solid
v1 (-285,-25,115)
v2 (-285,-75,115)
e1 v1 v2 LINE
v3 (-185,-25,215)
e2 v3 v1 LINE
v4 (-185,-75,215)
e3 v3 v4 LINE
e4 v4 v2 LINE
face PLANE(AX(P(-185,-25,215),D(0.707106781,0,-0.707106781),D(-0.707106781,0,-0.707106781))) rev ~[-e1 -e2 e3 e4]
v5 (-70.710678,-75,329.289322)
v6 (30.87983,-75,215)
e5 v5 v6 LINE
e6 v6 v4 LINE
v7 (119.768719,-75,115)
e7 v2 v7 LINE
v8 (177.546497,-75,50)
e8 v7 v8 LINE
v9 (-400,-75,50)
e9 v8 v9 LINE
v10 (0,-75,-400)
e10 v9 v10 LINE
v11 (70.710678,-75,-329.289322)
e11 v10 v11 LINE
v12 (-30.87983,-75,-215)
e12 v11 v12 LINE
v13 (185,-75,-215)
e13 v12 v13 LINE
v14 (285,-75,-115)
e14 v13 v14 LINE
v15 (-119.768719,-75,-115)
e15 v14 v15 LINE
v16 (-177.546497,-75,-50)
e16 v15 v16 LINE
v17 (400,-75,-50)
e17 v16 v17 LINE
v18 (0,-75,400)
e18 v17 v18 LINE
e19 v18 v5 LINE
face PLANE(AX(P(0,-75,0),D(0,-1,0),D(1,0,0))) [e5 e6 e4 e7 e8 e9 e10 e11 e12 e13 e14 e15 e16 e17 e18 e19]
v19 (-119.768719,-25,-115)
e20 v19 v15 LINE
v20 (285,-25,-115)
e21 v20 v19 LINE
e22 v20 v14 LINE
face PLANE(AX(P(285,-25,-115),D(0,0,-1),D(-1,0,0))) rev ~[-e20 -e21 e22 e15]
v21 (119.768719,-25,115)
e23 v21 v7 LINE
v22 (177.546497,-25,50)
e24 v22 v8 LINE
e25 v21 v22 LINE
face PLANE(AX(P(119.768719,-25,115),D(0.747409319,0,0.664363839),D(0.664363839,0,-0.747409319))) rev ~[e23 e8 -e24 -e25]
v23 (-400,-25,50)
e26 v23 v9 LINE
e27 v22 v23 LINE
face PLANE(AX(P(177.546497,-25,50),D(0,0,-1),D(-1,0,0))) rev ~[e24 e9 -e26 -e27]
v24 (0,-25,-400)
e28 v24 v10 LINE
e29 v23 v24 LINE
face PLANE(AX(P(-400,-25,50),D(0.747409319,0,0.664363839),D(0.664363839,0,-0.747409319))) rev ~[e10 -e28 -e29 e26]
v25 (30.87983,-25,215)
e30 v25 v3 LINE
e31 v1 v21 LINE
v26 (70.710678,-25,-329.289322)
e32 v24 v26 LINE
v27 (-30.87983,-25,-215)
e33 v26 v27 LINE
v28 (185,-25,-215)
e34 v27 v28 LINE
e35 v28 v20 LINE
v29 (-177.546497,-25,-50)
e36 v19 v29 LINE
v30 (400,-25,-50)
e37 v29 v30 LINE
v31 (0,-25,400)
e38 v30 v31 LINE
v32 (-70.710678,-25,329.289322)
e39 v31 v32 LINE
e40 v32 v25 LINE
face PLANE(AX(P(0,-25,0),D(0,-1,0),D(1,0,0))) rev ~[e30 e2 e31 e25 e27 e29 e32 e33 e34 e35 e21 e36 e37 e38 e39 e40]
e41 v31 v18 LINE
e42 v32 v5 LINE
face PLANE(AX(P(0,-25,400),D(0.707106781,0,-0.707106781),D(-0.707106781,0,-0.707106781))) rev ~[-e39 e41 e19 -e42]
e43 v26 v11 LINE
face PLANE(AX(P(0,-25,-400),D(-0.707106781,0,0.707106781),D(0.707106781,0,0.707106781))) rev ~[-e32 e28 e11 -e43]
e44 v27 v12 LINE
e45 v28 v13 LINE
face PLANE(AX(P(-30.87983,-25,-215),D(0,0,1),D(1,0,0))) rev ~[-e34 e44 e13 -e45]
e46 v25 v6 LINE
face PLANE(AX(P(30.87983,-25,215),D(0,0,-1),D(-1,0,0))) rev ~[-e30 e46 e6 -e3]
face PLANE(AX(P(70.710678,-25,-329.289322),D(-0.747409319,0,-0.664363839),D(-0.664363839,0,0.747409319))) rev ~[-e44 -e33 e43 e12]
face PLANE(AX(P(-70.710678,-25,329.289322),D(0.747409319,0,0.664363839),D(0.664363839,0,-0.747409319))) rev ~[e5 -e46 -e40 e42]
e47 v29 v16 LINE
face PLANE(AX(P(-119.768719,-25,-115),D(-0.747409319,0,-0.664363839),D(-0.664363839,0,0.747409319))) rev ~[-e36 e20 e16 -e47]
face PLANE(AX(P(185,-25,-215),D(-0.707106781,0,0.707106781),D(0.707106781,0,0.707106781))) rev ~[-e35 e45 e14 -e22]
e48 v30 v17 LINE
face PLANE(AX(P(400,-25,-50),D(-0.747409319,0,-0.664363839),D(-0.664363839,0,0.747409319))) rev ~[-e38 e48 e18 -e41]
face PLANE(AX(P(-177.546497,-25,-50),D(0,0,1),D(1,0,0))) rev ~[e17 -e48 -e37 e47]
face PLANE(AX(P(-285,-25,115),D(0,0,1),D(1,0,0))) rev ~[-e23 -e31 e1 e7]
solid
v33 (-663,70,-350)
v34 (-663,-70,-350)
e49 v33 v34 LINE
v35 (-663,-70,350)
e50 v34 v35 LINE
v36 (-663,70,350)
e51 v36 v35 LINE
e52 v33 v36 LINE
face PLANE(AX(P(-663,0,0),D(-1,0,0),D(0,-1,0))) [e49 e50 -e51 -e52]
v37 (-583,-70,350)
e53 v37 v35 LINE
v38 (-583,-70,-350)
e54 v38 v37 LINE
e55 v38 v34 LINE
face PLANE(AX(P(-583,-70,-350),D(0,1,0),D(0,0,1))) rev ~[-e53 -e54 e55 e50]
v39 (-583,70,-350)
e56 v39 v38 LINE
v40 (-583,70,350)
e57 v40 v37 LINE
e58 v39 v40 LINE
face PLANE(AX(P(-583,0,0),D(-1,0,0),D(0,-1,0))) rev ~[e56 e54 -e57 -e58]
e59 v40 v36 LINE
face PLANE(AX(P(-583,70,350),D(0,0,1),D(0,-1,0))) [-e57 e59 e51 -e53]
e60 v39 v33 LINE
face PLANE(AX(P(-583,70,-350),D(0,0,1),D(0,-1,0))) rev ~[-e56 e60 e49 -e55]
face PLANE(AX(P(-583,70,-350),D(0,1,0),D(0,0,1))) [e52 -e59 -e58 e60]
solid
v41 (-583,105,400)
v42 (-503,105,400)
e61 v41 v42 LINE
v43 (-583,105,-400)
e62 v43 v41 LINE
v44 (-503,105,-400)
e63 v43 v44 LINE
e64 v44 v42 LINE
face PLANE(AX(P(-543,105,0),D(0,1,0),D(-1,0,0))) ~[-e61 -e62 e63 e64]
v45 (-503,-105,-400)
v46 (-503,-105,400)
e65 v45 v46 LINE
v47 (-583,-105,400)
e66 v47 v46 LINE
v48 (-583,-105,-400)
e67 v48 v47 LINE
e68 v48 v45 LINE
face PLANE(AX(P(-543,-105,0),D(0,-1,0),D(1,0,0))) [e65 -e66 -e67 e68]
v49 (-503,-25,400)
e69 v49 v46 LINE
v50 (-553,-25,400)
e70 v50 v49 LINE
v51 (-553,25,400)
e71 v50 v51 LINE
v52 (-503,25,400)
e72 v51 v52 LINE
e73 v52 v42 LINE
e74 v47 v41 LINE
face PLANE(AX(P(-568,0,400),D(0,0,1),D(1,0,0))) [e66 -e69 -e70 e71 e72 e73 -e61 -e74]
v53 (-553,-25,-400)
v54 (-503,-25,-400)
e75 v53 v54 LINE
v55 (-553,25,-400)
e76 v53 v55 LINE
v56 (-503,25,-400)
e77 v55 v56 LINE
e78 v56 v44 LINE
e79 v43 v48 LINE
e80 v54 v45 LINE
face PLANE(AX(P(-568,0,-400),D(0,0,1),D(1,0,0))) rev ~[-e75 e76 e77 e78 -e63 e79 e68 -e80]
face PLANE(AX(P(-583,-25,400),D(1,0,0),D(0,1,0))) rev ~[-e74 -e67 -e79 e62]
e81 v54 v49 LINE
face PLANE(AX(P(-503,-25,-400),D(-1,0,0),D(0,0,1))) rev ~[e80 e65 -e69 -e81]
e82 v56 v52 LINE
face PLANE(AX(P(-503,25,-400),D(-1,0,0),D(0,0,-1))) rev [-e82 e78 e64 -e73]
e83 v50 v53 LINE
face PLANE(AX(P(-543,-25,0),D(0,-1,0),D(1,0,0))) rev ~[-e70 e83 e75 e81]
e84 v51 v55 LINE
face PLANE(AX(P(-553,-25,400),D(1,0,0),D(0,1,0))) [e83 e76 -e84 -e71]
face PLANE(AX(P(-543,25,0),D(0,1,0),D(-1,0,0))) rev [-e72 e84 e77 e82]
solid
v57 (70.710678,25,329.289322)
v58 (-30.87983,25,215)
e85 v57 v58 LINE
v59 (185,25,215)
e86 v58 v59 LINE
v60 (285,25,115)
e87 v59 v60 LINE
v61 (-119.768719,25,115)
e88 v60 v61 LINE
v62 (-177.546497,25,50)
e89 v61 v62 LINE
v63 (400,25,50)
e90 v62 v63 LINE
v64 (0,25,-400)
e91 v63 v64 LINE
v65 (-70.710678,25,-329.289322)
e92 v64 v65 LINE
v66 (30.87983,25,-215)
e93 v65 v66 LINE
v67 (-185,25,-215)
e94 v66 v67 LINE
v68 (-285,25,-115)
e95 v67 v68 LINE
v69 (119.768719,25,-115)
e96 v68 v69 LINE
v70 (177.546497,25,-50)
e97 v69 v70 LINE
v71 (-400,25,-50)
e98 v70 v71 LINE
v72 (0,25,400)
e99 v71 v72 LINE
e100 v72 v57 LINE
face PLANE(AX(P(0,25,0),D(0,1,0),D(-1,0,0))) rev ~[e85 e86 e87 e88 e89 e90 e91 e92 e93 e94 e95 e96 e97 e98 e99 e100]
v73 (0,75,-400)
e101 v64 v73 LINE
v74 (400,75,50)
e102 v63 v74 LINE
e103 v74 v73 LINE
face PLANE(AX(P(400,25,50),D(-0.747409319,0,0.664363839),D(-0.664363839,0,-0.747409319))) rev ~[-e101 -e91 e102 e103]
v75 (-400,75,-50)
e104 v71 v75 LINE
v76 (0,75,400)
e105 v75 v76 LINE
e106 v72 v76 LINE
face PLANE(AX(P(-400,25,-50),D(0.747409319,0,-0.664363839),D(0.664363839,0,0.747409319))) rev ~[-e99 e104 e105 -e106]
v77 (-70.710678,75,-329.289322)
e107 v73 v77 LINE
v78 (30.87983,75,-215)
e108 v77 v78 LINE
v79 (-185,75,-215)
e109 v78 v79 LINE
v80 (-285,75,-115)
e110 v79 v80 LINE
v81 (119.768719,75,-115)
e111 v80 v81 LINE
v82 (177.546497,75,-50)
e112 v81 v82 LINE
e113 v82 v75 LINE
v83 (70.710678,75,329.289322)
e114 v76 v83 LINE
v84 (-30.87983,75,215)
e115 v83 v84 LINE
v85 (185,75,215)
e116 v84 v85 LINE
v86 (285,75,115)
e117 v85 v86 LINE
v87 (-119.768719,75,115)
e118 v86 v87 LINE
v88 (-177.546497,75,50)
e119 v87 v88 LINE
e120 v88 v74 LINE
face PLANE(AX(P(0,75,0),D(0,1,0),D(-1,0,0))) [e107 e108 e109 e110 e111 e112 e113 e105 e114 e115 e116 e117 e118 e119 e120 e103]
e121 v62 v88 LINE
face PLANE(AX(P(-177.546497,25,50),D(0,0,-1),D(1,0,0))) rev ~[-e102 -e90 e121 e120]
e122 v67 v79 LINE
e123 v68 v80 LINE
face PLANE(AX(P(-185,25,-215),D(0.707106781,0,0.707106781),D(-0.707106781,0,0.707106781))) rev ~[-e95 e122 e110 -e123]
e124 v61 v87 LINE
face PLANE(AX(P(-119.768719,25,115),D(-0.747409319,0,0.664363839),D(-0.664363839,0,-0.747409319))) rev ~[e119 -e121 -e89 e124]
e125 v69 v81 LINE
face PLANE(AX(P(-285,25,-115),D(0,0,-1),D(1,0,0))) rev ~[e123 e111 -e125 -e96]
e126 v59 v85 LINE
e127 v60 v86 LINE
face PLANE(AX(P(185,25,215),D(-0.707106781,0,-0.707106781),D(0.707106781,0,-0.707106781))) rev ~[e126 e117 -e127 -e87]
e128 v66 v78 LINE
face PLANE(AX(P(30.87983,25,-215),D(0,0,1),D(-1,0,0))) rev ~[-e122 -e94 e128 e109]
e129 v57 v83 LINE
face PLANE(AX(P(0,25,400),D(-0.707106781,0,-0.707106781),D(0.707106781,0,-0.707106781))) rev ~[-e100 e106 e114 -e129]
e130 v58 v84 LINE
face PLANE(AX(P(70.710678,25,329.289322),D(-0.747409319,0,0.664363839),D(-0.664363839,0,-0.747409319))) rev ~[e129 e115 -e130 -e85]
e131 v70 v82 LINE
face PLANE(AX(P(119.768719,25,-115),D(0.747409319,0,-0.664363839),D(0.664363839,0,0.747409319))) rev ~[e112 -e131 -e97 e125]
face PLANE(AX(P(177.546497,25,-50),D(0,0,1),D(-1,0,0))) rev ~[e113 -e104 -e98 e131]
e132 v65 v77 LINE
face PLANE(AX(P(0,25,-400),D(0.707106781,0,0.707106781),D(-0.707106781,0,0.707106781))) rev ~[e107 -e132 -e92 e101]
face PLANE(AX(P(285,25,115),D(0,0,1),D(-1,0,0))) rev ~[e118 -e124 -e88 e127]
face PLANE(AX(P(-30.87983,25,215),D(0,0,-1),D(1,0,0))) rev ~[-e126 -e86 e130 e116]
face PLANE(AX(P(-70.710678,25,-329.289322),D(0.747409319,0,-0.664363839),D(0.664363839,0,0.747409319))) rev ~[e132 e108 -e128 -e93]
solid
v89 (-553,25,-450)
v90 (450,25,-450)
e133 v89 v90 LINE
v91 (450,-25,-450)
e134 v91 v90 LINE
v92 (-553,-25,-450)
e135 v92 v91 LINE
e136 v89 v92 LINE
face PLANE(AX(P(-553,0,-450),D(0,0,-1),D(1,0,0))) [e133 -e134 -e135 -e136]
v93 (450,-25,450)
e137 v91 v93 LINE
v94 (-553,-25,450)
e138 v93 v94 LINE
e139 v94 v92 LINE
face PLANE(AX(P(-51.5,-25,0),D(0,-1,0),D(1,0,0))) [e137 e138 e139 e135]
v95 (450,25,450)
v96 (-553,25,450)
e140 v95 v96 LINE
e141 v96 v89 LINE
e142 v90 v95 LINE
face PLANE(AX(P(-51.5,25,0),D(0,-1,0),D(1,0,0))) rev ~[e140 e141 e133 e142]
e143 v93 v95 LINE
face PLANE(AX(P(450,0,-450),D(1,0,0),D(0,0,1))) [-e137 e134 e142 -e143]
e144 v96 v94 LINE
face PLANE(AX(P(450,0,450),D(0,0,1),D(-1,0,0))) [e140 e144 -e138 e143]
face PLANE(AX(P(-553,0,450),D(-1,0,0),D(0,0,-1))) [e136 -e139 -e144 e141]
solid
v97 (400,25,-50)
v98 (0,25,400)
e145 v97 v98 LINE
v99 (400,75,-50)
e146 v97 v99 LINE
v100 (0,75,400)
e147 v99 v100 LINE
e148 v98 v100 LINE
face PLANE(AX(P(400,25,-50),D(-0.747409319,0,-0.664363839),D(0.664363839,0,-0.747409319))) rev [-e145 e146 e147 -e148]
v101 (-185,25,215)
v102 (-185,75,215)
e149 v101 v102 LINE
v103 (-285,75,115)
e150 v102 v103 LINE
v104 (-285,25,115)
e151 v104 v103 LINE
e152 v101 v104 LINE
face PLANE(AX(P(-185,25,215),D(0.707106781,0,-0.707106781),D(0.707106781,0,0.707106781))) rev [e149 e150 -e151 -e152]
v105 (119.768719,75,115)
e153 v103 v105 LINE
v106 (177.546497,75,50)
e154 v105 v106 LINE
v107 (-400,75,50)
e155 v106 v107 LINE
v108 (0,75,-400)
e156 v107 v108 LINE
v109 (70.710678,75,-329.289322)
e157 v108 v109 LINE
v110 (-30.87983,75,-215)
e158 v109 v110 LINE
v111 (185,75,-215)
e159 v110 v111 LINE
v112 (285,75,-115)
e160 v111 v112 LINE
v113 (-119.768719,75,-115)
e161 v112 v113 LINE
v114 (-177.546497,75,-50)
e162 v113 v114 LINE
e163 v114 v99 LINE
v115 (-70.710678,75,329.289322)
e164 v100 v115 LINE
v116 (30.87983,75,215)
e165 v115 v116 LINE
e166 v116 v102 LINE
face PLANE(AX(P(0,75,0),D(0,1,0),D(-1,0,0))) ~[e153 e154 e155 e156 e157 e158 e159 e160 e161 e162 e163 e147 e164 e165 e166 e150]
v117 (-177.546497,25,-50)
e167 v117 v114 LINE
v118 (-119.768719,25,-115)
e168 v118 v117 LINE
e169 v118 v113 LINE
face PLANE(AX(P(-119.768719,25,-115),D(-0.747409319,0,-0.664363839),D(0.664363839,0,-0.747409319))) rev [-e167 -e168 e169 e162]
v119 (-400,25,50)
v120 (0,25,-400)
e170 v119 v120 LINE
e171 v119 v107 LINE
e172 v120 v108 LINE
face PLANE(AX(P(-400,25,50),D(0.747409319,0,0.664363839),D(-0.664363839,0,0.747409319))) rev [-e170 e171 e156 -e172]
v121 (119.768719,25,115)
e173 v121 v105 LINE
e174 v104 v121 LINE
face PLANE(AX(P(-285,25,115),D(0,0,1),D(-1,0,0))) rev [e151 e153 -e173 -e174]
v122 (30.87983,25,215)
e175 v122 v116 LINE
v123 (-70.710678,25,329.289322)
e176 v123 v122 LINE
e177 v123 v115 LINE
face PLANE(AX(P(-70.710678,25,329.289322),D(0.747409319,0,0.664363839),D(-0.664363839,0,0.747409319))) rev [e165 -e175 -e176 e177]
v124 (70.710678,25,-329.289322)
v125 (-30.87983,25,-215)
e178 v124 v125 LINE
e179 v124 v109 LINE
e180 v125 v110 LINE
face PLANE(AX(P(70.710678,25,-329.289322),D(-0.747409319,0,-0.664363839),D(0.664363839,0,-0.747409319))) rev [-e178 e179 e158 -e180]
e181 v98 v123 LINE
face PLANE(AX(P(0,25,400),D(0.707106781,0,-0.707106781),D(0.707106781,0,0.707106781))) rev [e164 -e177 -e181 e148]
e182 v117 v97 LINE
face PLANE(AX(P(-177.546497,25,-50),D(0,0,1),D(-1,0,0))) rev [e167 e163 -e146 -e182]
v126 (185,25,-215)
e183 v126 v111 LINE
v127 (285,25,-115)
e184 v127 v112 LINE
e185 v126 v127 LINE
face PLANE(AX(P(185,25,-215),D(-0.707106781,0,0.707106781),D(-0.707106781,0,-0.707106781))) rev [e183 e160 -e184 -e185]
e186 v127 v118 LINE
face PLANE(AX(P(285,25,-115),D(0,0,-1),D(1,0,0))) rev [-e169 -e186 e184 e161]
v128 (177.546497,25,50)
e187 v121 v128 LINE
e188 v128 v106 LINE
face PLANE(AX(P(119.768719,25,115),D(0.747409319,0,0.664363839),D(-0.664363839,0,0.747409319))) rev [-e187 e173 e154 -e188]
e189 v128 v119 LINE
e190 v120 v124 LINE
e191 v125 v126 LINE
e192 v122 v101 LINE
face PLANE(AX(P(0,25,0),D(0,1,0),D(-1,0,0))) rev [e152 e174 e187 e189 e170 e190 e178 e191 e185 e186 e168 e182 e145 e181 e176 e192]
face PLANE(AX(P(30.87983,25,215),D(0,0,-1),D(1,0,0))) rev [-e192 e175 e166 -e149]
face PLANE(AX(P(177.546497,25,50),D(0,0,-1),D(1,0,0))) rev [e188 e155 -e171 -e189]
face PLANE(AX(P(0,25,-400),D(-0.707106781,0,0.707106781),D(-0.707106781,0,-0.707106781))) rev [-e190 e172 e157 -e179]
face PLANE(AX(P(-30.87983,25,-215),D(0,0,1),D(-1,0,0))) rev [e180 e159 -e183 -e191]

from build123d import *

# Parameters (mm, degrees)
F1_DEPTH  = 25
F2_W      = 80
F2_H      = 800
F3_DEPTH  = 80
F5_W      = 30
F5_H      = 50
F6_DEPTH  = 800
F8_DEPTH  = 50
F11_W     = 140
F11_H     = 700
F12_DEPTH = 80


with BuildPart() as f1:
    # F0 (on Front) → F1 (new body, symmetric)
    with BuildSketch(Plane.XZ):
        Polygon((450, 450), (-450, 450), (-553, 450), (-553, -450), (-450, -450), (450, -450), align=None)
    extrude(amount=F1_DEPTH, both=True)


with BuildPart() as f3:
    # F2 (on face) → F3 (new body)
    with BuildSketch(Plane.XZ.offset(25)):
        with Locations((-543, 0)):
            Rectangle(F2_W, F2_H)
    extrude(amount=F3_DEPTH)


with BuildPart() as f4_1:
    # F4: instance of F3
    add(f3.part.mirror(Plane.XZ))


with BuildPart() as f3_1:
    add(f3.part)

    add(f4_1.part)  # F6 merges F4_1
    # F5 (on face) → F6 (join, through all)
    with BuildSketch(Plane.XY.offset(400)):
        with Locations((-568, 0)):
            Rectangle(F5_W, F5_H)
    extrude(amount=-F6_DEPTH)


with BuildPart() as f8:
    # F7 (on face) → F8 (new body)
    with BuildSketch(Plane.XZ.offset(25)):
        Polygon((-400, 50), (0, -400), (70.7106781187, -329.2893218813), (-30.8798302203, -215), (185, -215), (285, -115), (-119.7687191092, -115), (-177.546496887, -50), (400, -50), (0, 400), (-70.7106781187, 329.2893218813), (30.8798302203, 215), (-185, 215), (-285, 115), (119.7687191092, 115), (177.546496887, 50), align=None)
    extrude(amount=F8_DEPTH)


with BuildPart() as f9_1:
    # F9: instance of F8
    add(f8.part.mirror(Plane.XZ))


with BuildPart() as f10_1:
    # F10: instance of F9_1
    add(f9_1.part.mirror(Plane.YZ))


with BuildPart() as f12:
    # F11 (on face) → F12 (new body)
    with BuildSketch(Plane(origin=(-583, 0, 0), x_dir=(0, -1, 0), z_dir=(-1, 0, 0))):
        Rectangle(F11_W, F11_H)
    extrude(amount=F12_DEPTH)


solid = Compound([f1.part, f3_1.part, f8.part, f9_1.part, f10_1.part, f12.part])
